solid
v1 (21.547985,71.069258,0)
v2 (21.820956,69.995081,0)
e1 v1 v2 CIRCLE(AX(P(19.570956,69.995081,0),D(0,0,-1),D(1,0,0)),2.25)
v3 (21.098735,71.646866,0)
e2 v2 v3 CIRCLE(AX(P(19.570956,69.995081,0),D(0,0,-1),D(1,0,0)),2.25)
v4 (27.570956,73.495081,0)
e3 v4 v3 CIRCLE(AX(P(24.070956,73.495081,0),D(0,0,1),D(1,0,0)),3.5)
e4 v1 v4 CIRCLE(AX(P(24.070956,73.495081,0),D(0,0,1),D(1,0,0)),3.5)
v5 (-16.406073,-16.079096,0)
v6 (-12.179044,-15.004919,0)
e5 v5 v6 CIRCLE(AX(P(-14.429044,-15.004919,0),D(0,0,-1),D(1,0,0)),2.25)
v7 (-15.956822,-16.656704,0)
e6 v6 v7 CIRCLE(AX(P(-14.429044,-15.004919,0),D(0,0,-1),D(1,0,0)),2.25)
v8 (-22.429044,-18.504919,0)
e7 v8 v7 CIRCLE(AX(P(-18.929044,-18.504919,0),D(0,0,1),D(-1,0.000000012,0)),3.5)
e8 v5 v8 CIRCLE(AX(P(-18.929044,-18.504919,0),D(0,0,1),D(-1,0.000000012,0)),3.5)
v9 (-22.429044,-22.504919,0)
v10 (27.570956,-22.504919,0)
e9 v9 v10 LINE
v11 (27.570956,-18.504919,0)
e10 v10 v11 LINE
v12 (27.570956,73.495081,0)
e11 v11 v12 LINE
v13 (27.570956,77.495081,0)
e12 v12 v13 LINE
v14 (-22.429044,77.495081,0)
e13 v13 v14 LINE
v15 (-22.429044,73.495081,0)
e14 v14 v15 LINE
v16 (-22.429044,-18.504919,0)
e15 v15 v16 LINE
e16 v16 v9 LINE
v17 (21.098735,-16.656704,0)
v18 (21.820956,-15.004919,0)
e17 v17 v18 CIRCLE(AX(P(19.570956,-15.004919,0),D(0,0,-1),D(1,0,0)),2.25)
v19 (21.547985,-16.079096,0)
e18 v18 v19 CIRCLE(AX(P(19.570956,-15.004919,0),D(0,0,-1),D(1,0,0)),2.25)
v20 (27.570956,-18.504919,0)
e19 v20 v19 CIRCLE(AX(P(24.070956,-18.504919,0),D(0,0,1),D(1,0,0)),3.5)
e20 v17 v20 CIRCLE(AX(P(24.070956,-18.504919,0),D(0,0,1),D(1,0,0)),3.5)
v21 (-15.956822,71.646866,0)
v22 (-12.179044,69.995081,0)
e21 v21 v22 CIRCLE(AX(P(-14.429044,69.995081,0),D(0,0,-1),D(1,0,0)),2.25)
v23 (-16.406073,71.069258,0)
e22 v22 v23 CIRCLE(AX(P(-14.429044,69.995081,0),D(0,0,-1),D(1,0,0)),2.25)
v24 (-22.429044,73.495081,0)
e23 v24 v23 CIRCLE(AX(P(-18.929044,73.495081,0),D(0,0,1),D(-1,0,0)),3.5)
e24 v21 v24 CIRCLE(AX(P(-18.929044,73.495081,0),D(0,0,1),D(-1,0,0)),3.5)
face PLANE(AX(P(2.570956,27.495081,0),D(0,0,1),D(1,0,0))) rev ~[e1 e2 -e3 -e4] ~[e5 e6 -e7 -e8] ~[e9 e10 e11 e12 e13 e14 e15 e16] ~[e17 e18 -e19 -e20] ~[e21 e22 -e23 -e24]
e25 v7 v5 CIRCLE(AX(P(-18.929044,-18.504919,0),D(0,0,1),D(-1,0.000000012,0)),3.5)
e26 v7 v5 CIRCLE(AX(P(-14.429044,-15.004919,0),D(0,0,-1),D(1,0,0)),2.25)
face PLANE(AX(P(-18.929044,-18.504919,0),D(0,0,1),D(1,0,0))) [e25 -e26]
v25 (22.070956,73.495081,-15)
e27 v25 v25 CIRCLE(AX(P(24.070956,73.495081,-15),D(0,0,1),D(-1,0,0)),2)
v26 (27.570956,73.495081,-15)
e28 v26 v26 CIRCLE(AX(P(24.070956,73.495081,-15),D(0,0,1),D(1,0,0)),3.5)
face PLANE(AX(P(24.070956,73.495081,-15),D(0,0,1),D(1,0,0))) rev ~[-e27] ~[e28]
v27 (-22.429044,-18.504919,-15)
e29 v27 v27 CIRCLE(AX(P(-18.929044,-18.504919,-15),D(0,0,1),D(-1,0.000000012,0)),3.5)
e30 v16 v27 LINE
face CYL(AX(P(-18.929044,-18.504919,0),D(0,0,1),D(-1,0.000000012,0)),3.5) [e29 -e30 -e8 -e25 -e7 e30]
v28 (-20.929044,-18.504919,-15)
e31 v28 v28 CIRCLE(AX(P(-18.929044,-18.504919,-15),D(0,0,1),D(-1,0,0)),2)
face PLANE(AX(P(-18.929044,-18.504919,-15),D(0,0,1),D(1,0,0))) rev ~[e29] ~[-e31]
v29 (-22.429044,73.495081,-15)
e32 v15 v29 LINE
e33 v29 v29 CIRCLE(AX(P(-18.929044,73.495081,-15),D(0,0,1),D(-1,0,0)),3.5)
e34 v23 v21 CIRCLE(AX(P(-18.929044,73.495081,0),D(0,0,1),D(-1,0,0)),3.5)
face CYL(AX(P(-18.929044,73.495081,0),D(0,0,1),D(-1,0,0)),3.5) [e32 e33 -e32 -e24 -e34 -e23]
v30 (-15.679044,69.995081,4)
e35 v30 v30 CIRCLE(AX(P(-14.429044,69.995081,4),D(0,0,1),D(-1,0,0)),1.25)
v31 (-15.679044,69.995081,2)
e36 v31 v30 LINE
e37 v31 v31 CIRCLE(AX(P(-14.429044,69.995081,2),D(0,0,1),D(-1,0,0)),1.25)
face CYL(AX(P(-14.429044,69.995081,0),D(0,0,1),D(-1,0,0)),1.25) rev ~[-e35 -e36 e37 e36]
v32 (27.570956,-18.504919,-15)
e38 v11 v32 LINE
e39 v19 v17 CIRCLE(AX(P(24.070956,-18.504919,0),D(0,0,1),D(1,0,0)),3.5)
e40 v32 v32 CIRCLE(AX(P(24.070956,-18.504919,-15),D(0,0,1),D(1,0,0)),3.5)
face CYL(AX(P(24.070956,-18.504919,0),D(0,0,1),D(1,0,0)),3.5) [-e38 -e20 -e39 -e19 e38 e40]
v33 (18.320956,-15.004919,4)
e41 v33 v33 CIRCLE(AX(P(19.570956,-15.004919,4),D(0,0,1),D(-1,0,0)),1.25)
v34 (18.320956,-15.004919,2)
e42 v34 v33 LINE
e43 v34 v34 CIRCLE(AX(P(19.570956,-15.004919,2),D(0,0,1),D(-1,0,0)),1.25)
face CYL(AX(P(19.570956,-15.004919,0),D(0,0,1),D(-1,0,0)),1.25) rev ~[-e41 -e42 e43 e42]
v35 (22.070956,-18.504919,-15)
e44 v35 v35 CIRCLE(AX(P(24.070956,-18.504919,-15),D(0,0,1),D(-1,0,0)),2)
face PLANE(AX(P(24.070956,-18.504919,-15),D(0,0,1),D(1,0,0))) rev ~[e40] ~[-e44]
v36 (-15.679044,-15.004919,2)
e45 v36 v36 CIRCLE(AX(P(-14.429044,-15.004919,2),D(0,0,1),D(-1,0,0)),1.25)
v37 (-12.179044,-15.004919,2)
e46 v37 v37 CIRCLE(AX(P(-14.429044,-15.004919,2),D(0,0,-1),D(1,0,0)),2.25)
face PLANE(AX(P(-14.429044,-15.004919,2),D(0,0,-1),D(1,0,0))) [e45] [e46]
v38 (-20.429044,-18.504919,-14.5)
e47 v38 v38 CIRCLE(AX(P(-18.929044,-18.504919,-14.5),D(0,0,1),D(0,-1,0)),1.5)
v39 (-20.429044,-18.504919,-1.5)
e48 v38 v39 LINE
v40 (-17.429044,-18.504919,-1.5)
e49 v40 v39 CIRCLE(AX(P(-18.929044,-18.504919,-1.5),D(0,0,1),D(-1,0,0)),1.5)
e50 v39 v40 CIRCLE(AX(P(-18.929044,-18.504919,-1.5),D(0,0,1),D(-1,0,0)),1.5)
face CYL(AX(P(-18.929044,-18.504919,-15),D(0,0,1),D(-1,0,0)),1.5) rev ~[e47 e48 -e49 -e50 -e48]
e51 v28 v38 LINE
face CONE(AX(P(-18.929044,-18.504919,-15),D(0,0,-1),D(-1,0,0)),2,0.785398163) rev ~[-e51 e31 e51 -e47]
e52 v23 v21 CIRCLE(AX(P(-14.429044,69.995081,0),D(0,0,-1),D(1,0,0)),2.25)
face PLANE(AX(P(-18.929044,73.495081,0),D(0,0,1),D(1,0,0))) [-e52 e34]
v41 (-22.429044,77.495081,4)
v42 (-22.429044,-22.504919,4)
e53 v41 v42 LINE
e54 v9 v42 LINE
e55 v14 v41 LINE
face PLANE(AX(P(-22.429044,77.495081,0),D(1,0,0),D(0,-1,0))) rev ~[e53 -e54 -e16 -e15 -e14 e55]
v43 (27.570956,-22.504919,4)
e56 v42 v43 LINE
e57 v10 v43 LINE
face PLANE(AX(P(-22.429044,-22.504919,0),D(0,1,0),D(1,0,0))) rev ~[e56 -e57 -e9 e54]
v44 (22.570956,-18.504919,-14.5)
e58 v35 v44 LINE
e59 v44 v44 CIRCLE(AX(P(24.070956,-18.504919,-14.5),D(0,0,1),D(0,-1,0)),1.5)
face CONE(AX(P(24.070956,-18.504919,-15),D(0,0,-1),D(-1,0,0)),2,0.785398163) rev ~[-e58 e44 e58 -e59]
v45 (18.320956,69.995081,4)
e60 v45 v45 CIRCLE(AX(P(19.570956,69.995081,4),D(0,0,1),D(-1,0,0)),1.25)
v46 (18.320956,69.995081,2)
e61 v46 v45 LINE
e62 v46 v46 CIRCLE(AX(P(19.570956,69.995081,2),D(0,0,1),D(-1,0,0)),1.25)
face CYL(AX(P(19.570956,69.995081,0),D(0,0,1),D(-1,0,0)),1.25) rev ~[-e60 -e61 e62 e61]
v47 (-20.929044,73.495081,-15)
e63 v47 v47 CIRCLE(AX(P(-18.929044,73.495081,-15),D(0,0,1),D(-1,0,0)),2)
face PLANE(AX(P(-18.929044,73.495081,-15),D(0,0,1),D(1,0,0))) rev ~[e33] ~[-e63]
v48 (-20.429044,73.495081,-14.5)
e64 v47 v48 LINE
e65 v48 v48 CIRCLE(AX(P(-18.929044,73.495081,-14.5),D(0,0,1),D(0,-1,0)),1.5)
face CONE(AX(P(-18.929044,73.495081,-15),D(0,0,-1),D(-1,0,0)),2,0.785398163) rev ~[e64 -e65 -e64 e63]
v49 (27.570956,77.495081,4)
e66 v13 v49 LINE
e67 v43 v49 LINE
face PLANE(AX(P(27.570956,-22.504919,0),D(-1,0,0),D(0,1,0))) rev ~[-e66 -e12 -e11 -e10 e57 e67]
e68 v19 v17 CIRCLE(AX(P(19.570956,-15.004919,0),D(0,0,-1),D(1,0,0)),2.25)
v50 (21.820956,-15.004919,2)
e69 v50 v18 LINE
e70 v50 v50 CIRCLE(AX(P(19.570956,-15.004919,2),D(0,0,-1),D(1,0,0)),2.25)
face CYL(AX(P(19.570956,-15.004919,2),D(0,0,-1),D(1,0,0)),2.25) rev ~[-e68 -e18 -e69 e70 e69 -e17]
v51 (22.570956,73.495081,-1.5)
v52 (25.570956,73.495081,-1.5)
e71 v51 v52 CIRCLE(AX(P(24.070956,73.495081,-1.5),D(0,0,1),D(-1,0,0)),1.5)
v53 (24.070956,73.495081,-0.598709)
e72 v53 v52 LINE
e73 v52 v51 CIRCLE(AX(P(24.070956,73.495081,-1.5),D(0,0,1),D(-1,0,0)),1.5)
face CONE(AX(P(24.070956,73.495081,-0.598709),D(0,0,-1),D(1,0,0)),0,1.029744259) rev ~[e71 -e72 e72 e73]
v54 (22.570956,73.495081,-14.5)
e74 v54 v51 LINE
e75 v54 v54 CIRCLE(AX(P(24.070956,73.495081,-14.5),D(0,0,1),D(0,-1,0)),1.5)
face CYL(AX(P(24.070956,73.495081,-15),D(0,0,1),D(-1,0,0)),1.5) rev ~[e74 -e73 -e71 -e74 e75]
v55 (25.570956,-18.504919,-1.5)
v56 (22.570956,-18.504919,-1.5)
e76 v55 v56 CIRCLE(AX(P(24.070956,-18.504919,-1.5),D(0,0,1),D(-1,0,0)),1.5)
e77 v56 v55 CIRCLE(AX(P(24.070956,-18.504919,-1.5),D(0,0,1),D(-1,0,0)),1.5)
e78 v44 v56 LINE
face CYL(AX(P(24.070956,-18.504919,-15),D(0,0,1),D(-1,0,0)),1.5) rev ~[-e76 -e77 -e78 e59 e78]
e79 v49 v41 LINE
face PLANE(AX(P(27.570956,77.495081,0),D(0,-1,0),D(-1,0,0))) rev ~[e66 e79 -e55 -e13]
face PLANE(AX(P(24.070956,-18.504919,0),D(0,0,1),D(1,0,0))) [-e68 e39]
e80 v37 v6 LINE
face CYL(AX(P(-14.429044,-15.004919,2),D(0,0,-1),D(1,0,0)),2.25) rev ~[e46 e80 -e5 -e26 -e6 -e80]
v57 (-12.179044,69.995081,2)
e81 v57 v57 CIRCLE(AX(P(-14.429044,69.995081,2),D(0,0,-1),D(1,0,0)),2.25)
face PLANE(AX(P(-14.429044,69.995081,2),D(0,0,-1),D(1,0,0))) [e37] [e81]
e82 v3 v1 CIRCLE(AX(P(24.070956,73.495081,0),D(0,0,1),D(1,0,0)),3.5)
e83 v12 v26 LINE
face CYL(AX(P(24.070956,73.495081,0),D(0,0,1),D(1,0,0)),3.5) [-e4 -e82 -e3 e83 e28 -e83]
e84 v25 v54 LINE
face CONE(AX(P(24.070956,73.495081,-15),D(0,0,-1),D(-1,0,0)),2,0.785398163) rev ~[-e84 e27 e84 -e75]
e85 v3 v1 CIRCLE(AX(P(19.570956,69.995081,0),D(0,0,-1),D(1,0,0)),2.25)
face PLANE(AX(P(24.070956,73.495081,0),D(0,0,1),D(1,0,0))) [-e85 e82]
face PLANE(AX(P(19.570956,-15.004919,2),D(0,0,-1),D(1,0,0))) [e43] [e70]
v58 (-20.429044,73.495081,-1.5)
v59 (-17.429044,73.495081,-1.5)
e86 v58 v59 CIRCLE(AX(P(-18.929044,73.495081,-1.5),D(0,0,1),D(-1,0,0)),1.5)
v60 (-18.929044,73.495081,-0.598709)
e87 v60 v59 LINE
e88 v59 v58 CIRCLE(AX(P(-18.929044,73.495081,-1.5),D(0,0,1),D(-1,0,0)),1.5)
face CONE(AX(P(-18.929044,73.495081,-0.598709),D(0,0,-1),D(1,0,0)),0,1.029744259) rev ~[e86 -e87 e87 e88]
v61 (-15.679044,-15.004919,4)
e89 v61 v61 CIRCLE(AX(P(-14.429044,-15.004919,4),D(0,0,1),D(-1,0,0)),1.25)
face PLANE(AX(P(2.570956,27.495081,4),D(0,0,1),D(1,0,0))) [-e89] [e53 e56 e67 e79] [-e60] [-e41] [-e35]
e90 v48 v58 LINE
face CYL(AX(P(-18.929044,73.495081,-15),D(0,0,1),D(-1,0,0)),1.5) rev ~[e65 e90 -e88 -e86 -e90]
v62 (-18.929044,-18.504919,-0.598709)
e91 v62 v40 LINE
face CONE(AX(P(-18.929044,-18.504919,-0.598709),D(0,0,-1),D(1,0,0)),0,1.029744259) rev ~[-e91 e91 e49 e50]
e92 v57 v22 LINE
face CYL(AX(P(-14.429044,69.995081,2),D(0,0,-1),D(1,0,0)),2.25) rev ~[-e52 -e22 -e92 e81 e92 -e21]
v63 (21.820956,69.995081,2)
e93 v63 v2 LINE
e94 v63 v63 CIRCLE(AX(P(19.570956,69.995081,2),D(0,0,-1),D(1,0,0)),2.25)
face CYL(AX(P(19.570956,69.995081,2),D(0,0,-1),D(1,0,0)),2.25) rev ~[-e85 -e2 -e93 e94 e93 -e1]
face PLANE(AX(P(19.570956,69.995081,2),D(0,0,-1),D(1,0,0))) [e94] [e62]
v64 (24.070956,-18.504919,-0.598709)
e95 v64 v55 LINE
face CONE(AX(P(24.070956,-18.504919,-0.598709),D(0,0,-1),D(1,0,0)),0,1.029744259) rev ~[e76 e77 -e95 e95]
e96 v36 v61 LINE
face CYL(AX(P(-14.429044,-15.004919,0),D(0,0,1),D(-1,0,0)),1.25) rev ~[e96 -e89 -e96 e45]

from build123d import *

# Parameters (mm, degrees)
F2_R            = 3.5
F3_DEPTH        = 4
F4_D            = 2.5
F4_CBORE_D      = 4.5
F4_CBORE_DEPTH  = 2
F5_DEPTH        = 15
F7_D            = 3
F7_DEPTH        = 13.5
F7_CSINK_D      = 4
F7_CSINK_ANGLE  = 90
F7_TIP          = 0.9012909285
F9_D            = 3
F9_DEPTH        = 13.5
F9_CSINK_D      = 4
F9_CSINK_ANGLE  = 90
F9_TIP          = 0.9012909285
F11_D           = 3
F11_DEPTH       = 13.5
F11_CSINK_D     = 4
F11_CSINK_ANGLE = 90
F11_TIP         = 0.9012909285
F13_D           = 3
F13_DEPTH       = 13.5
F13_CSINK_D     = 4
F13_CSINK_ANGLE = 90
F13_TIP         = 0.9012909285


with BuildPart() as f3:
    # F2 (on Top) → F3 (new body)
    with BuildSketch(Plane.XY):
        Polygon((27.5709562153, 77.495081059), (-22.4290437847, 77.495081059), (-22.4290437847, 73.495081059), (-22.4290437847, -18.5049188996), (-22.4290437847, -22.504918941), (27.5709562153, -22.504918941), (27.5709562153, -18.504918941), (27.5709562153, 73.495081059), align=None)
        with BuildLine():
            ThreePointArc((-15.4290437847, -18.504918941), (-18.9290438054, -22.004918941), (-22.4290437847, -18.5049188996))
            ThreePointArc((-22.4290437847, -18.5049188996), (-18.9290437641, -15.004918941), (-15.4290437847, -18.504918941))
        make_face(mode=Mode.SUBTRACT)
        with Locations((24.0709562153, -18.504918941)):
            Circle(F2_R, mode=Mode.SUBTRACT)
        with BuildLine():
            ThreePointArc((-15.4290437847, 73.495081059), (-18.9290437847, 69.995081059), (-22.4290437847, 73.495081059))
            ThreePointArc((-22.4290437847, 73.495081059), (-18.9290437847, 76.995081059), (-15.4290437847, 73.495081059))
        make_face(mode=Mode.SUBTRACT)
        with Locations((24.0709562153, 73.495081059)):
            Circle(F2_R, mode=Mode.SUBTRACT)
        with BuildLine():
            ThreePointArc((-15.4290437847, -18.504918941), (-18.9290437641, -15.004918941), (-22.4290437847, -18.5049188996))
            ThreePointArc((-22.4290437847, -18.5049188996), (-18.9290438054, -22.004918941), (-15.4290437847, -18.504918941))
        make_face()
        with Locations((24.0709562153, -18.504918941)):
            Circle(F2_R)
        with BuildLine():
            ThreePointArc((-15.4290437847, 73.495081059), (-18.9290437847, 76.995081059), (-22.4290437847, 73.495081059))
            ThreePointArc((-22.4290437847, 73.495081059), (-18.9290437847, 69.995081059), (-15.4290437847, 73.495081059))
        make_face()
        with Locations((24.0709562153, 73.495081059)):
            Circle(F2_R)
    extrude(amount=F3_DEPTH)

    # F4 (through all)
    with Locations(Plane(origin=(0, 0, 0), x_dir=(1, 0, 0), z_dir=(0, 0, -1))):
        with Locations((19.5709562153, -69.995081059), (19.5709562153, 15.004918941), (-14.4290437847, 15.004918941), (-14.4290437847, -69.995081059)):
            CounterBoreHole(F4_D / 2, F4_CBORE_D / 2, F4_CBORE_DEPTH)

    # F2 (on Top) → F5 (join)
    with BuildSketch(Plane.XY):
        with BuildLine():
            ThreePointArc((-15.4290437847, -18.504918941), (-18.9290437641, -15.004918941), (-22.4290437847, -18.5049188996))
            ThreePointArc((-22.4290437847, -18.5049188996), (-18.9290438054, -22.004918941), (-15.4290437847, -18.504918941))
        make_face()
        with Locations((24.0709562153, -18.504918941)):
            Circle(F2_R)
        with BuildLine():
            ThreePointArc((-15.4290437847, 73.495081059), (-18.9290437847, 76.995081059), (-22.4290437847, 73.495081059))
            ThreePointArc((-22.4290437847, 73.495081059), (-18.9290437847, 69.995081059), (-15.4290437847, 73.495081059))
        make_face()
        with Locations((24.0709562153, 73.495081059)):
            Circle(F2_R)
    extrude(amount=-F5_DEPTH)

    # F7
    with Locations(Plane(origin=(0, 0, -15), x_dir=(1, 0, 0), z_dir=(0, 0, -1))):
        with Locations((-18.9290437847, -73.495081059)):
            CounterSinkHole(F7_D / 2, F7_CSINK_D / 2, depth=F7_DEPTH, counter_sink_angle=F7_CSINK_ANGLE)
            with Locations((0, 0, -(F7_DEPTH + F7_TIP / 2))):  # 118° drill point
                Cone(0, F7_D / 2, F7_TIP, mode=Mode.SUBTRACT)

    # F9
    with Locations(Plane(origin=(0, 0, -15), x_dir=(1, 0, 0), z_dir=(0, 0, -1))):
        with Locations((-18.9290437847, 18.504918941)):
            CounterSinkHole(F9_D / 2, F9_CSINK_D / 2, depth=F9_DEPTH, counter_sink_angle=F9_CSINK_ANGLE)
            with Locations((0, 0, -(F9_DEPTH + F9_TIP / 2))):  # 118° drill point
                Cone(0, F9_D / 2, F9_TIP, mode=Mode.SUBTRACT)

    # F11
    with Locations(Plane(origin=(0, 0, -15), x_dir=(1, 0, 0), z_dir=(0, 0, -1))):
        with Locations((24.0709562153, -73.495081059)):
            CounterSinkHole(F11_D / 2, F11_CSINK_D / 2, depth=F11_DEPTH, counter_sink_angle=F11_CSINK_ANGLE)
            with Locations((0, 0, -(F11_DEPTH + F11_TIP / 2))):  # 118° drill point
                Cone(0, F11_D / 2, F11_TIP, mode=Mode.SUBTRACT)

    # F13
    with Locations(Plane(origin=(0, 0, -15), x_dir=(1, 0, 0), z_dir=(0, 0, -1))):
        with Locations((24.0709562153, 18.504918941)):
            CounterSinkHole(F13_D / 2, F13_CSINK_D / 2, depth=F13_DEPTH, counter_sink_angle=F13_CSINK_ANGLE)
            with Locations((0, 0, -(F13_DEPTH + F13_TIP / 2))):  # 118° drill point
                Cone(0, F13_D / 2, F13_TIP, mode=Mode.SUBTRACT)


solid = f3.part
